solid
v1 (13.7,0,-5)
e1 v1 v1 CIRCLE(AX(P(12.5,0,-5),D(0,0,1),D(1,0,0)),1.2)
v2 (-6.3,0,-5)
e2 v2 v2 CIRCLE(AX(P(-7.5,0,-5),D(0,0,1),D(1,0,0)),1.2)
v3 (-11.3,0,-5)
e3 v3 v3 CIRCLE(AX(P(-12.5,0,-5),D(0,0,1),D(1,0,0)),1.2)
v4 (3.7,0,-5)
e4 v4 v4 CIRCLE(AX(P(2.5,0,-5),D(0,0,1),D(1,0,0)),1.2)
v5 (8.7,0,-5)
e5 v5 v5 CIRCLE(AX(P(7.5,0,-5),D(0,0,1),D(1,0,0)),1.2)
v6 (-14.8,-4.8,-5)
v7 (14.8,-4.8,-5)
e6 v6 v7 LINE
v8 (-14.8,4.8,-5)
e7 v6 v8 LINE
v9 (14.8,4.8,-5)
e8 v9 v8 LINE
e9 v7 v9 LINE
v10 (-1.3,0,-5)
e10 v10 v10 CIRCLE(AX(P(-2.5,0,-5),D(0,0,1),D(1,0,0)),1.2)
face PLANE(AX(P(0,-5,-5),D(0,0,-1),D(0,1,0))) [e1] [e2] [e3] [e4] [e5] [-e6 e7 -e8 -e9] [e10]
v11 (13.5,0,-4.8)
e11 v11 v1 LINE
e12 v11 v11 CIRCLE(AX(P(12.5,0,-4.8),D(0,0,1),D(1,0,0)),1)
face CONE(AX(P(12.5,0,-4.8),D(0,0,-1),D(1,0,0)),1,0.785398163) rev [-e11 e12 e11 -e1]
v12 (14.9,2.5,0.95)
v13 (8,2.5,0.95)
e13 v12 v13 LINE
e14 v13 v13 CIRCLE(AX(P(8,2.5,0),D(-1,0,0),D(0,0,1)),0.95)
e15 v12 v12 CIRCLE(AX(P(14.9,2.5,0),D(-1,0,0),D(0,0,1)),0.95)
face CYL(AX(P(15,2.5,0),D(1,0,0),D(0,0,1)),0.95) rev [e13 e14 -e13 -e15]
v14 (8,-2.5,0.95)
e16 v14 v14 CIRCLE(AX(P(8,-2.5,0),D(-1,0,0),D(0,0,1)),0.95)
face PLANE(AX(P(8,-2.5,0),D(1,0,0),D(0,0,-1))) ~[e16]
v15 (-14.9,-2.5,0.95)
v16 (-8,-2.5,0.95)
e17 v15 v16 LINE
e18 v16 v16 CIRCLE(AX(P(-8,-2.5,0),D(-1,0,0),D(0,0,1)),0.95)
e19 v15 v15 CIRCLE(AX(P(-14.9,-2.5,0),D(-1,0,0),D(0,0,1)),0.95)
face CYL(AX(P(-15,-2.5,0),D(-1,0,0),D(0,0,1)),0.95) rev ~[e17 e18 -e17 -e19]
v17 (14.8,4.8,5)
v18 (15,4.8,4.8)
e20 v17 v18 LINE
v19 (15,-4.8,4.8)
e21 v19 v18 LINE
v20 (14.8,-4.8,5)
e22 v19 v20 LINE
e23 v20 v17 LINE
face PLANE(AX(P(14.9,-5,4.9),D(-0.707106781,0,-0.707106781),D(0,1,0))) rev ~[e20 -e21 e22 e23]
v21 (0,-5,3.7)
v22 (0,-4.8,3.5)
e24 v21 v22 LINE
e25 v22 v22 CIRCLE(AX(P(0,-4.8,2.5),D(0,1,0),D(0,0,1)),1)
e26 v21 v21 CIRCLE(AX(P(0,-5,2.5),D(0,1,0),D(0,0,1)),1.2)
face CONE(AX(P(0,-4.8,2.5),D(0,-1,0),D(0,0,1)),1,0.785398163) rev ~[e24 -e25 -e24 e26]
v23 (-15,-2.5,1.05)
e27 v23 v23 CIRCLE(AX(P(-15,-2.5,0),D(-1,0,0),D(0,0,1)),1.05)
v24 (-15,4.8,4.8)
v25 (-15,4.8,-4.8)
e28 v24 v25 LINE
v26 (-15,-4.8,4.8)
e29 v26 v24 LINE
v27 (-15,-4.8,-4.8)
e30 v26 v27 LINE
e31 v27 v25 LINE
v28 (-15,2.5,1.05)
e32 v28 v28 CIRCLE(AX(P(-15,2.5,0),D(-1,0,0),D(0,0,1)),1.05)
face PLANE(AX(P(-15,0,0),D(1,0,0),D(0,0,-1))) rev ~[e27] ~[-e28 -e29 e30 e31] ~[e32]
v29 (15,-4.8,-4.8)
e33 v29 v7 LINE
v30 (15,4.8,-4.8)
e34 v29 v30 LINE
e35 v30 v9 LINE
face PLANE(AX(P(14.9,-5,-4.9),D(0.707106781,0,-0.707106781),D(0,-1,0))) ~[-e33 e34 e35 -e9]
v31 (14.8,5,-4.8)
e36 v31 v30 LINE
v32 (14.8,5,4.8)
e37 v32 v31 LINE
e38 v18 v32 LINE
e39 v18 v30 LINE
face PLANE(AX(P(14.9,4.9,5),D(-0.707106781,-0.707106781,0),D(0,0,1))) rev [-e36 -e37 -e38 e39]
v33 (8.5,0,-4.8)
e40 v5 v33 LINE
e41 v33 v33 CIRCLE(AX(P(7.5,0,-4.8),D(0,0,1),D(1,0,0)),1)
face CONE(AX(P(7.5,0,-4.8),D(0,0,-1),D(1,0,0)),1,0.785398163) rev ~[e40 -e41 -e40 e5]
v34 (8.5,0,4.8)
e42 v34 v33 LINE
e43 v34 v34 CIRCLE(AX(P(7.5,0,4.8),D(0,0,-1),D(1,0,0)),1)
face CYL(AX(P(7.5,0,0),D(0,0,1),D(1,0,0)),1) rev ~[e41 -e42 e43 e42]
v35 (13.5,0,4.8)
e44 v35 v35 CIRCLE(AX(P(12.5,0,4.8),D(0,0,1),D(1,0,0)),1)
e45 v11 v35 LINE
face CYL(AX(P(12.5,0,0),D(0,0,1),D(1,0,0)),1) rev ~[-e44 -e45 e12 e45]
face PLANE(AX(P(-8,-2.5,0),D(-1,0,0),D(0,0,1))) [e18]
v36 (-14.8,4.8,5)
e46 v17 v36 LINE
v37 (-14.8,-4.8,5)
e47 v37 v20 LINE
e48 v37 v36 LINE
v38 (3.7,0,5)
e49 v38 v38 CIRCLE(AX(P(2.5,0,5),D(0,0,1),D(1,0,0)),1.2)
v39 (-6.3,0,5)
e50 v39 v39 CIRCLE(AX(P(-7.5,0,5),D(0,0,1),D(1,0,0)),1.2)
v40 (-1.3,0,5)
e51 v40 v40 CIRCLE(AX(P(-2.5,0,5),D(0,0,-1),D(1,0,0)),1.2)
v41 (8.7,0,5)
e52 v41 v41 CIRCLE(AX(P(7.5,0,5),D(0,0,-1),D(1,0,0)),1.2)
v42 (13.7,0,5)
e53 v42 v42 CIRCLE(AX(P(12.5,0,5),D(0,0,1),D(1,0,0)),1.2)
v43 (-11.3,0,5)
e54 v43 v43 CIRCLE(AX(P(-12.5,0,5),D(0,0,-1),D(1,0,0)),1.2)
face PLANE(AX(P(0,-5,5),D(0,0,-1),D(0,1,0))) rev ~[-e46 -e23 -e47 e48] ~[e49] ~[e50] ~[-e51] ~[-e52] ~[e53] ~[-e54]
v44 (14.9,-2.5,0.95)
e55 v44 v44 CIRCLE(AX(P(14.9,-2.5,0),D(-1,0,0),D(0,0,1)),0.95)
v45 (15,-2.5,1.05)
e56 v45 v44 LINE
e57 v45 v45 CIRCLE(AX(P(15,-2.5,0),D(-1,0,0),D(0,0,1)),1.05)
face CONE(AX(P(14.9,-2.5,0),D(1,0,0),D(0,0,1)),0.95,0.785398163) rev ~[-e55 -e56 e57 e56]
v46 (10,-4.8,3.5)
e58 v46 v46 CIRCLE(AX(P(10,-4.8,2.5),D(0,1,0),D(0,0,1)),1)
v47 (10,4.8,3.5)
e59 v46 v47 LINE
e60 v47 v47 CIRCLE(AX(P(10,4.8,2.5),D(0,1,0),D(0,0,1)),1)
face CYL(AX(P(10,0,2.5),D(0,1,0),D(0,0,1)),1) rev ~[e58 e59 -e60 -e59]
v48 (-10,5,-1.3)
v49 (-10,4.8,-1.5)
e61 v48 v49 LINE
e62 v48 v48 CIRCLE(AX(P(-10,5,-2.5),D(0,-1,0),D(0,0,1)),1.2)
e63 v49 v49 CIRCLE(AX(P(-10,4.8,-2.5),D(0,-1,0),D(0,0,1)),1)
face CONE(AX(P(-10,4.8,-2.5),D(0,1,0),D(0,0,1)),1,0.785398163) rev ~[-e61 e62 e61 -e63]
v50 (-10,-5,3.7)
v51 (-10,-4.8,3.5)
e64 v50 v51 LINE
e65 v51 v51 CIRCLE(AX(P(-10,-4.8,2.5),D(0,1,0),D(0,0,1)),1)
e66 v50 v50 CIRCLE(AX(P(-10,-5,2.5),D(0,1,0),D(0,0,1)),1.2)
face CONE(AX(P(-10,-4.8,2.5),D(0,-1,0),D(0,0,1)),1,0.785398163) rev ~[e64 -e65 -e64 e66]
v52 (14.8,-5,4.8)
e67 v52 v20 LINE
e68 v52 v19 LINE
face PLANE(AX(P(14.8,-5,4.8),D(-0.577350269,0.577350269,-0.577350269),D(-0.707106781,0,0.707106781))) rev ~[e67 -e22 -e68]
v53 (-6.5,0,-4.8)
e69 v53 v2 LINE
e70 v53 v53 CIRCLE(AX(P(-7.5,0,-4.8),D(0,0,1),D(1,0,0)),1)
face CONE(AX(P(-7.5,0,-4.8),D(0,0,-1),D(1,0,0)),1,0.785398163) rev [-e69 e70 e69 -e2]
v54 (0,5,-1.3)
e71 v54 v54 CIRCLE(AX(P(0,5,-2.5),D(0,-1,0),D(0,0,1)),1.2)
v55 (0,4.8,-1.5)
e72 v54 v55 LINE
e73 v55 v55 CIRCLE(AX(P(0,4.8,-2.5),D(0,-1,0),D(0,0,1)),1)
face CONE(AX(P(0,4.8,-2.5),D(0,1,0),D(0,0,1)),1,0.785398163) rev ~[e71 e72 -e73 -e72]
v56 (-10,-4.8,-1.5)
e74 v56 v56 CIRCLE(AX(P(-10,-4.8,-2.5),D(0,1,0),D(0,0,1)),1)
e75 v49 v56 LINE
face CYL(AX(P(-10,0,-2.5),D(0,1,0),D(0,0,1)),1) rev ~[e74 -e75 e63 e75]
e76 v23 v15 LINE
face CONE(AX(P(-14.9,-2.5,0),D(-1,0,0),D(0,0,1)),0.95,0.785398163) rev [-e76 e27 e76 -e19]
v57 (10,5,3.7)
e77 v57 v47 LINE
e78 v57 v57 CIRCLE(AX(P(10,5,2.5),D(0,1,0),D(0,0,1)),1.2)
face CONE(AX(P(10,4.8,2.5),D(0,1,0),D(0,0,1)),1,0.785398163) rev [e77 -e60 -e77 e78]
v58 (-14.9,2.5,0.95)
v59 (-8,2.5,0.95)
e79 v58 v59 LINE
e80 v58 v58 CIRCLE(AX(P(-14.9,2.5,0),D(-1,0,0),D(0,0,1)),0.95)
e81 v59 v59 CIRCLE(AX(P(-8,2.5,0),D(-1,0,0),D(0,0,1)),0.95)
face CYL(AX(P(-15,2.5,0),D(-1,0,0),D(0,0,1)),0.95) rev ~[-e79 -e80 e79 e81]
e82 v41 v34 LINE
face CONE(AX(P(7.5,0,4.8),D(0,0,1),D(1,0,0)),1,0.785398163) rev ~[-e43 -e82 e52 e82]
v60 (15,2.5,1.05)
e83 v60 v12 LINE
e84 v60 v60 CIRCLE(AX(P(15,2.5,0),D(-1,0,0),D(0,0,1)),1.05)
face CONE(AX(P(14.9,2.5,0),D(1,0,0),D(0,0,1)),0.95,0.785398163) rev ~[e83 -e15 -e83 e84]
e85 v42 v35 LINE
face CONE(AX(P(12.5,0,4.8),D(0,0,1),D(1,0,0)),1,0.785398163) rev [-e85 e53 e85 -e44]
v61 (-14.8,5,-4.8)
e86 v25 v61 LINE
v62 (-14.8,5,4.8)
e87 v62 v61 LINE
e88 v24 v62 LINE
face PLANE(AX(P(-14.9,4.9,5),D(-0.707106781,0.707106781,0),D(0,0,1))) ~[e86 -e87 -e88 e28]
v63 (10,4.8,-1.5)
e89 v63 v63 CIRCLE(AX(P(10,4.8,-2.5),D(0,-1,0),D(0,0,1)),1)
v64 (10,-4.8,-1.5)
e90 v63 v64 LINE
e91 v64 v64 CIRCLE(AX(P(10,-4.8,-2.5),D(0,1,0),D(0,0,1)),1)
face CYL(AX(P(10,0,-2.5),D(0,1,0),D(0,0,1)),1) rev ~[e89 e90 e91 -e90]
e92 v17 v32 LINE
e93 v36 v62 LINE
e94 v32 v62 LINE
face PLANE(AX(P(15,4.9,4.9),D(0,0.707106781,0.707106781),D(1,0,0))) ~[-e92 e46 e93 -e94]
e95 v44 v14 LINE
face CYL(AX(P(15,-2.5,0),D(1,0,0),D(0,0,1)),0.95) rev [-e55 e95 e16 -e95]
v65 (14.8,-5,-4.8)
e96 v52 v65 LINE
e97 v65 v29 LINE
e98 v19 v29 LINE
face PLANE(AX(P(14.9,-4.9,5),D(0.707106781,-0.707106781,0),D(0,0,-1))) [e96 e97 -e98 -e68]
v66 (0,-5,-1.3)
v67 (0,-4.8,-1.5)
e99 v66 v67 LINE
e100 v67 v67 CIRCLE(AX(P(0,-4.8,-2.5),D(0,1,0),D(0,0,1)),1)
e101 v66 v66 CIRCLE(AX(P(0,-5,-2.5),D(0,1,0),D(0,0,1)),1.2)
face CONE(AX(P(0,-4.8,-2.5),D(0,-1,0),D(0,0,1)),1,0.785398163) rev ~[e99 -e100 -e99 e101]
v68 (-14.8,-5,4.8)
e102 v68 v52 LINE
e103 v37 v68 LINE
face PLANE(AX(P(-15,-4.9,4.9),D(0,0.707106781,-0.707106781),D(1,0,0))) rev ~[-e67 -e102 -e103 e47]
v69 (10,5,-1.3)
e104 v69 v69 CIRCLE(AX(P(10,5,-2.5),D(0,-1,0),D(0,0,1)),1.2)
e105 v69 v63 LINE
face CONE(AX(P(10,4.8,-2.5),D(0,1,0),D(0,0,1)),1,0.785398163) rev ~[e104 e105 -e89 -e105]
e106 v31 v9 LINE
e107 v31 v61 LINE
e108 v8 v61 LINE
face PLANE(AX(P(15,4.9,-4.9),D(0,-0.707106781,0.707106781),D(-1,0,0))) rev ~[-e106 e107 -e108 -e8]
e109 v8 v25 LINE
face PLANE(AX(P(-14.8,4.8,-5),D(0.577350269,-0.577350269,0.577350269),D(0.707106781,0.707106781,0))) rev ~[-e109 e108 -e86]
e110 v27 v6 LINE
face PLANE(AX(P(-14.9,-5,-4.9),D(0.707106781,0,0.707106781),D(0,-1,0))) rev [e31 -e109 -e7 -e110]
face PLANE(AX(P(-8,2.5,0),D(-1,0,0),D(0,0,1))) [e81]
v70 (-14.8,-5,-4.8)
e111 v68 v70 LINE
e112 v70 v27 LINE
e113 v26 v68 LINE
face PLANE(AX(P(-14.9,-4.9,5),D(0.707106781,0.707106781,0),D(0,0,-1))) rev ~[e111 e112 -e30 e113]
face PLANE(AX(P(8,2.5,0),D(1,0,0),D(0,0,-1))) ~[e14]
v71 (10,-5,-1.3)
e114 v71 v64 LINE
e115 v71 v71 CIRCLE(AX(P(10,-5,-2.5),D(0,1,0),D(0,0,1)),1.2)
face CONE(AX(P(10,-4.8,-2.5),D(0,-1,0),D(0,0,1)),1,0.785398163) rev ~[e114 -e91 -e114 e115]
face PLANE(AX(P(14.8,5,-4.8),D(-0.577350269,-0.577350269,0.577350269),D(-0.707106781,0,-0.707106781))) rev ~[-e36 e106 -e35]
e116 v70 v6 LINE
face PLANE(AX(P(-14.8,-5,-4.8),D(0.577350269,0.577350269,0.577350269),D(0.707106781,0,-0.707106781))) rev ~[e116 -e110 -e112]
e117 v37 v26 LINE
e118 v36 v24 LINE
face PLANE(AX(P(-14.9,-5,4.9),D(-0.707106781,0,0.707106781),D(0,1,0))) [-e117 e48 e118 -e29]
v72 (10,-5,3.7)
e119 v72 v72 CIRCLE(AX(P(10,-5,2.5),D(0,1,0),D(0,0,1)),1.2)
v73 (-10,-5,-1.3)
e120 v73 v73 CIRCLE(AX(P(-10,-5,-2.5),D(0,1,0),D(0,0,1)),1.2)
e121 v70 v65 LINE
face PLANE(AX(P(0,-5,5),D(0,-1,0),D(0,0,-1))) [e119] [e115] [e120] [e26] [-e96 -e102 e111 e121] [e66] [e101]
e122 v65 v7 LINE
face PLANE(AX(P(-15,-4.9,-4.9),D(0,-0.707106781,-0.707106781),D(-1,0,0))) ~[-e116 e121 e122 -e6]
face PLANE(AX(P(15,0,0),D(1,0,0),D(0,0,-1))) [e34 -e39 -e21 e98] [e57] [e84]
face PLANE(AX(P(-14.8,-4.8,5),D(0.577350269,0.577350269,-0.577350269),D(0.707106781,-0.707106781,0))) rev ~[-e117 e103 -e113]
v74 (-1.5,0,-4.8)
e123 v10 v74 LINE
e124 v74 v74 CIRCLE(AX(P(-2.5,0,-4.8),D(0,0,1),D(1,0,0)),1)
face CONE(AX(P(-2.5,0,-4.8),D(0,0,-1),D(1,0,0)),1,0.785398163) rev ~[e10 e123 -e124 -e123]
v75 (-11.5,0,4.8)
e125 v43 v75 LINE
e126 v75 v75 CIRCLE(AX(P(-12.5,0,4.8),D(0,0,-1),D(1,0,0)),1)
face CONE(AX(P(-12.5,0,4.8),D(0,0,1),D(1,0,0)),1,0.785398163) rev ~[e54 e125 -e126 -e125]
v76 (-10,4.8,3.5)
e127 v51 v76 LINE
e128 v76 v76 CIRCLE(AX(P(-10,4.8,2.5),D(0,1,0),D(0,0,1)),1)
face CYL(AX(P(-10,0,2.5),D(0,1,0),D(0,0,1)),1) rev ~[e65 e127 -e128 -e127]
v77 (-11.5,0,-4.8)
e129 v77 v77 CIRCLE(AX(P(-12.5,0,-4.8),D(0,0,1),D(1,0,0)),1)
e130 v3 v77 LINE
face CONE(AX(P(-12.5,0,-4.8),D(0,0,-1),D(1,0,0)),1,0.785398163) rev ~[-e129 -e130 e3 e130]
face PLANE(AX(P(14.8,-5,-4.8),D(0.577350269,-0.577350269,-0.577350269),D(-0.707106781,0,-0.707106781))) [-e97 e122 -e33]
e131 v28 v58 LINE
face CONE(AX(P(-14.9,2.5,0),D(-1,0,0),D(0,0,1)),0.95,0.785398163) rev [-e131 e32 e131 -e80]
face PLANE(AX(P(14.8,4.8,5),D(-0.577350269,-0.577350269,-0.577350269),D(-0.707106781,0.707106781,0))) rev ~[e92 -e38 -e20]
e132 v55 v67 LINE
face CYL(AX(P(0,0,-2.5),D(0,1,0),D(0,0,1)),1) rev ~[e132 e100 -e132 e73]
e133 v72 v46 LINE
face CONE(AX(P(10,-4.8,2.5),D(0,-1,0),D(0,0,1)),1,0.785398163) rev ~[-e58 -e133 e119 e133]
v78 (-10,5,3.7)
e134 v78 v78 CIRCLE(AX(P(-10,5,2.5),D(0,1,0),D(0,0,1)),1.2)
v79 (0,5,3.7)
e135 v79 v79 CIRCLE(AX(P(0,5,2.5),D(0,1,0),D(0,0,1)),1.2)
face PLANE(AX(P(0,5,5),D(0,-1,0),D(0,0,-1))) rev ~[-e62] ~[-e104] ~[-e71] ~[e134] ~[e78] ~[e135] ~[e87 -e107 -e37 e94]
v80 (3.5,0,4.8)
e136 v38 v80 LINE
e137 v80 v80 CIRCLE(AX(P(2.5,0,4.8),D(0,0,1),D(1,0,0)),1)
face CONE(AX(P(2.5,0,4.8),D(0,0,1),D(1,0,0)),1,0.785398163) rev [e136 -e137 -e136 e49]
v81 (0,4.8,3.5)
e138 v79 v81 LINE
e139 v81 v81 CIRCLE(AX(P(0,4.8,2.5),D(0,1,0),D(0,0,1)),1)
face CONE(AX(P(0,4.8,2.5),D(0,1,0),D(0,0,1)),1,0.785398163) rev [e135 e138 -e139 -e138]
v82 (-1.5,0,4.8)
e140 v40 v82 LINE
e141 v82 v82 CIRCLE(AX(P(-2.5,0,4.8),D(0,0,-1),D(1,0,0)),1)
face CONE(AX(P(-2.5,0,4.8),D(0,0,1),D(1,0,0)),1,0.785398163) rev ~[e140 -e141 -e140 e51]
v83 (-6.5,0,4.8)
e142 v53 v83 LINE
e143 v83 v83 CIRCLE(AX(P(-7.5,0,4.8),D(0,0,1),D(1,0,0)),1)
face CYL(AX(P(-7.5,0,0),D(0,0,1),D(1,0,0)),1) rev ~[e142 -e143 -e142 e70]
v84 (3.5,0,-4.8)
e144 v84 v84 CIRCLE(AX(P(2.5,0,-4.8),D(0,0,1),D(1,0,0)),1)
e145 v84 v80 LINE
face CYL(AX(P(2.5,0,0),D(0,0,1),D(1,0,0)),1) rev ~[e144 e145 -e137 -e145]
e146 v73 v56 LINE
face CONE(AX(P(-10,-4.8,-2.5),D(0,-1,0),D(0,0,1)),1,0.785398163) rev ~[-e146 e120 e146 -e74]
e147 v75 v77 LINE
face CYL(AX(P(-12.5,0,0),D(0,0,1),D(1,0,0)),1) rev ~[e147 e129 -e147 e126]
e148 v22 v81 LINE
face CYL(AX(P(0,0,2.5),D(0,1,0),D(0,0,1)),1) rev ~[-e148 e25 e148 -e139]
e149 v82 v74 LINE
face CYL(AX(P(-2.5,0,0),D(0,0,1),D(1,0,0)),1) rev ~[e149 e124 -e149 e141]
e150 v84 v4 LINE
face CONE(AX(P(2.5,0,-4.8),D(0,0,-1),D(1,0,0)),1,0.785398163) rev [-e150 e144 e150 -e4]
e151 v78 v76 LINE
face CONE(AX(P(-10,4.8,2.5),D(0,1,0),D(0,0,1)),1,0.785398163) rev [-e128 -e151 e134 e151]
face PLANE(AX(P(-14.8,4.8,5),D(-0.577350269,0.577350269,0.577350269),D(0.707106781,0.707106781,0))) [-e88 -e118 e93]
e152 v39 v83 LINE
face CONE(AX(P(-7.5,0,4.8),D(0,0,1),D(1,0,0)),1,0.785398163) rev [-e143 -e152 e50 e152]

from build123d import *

# Parameters (mm, degrees)
SKETCH1_W                  = 10
SKETCH1_H                  = 10
BOSS_EXTRUDE1_DEPTH        = 15
SKETCH2_R                  = 1
CUT_EXTRUDE1_DEPTH         = 6
SKETCH3_R                  = 1
CUT_EXTRUDE2_DEPTH         = 6
CHAMFER1_SIZE              = 0.2
LPATTERN2_COUNT            = 3
LPATTERN2_PITCH            = 10
CHAMFER1_OF_LPATTERN2_SIZE = 0.2
SKETCH4_R                  = 0.95
CUT_EXTRUDE3_DEPTH         = 7
CHAMFER2_SIZE              = 0.2
CHAMFER3_SIZE              = 0.1


with BuildPart() as part:
    # Sketch1 → Boss-Extrude1 (new body, symmetric)
    with BuildSketch(Plane(origin=(0, 0, 0), x_dir=(0, 0, -1), z_dir=(1, 0, 0))):
        Rectangle(SKETCH1_W, SKETCH1_H)
    extrude(amount=BOSS_EXTRUDE1_DEPTH, both=True)

    # Sketch2 → Cut-Extrude1 (cut, symmetric)
    with BuildSketch(Plane.XY):
        with Locations((-12.5, 0)):
            Circle(SKETCH2_R)
        with Locations((-7.5, 0)):
            Circle(SKETCH2_R)
    cut_extrude1 = extrude(amount=CUT_EXTRUDE1_DEPTH, both=True, mode=Mode.SUBTRACT)

    # Sketch3 → Cut-Extrude2 (cut, symmetric)
    with BuildSketch(Plane(origin=(0, 0, 0), x_dir=(1, 0, 0), z_dir=(0, 1, 0))):
        with Locations(Location((-10, 2.5, 0), (0, 0, 270))):  # turned: the seam where the file's is
            Circle(SKETCH3_R)
        with Locations(Location((-10, -2.5, 0), (0, 0, 270))):  # turned: the seam where the file's is
            Circle(SKETCH3_R)
    cut_extrude2 = extrude(amount=CUT_EXTRUDE2_DEPTH, both=True, mode=Mode.SUBTRACT)

    # Chamfer1
    chamfer1_edges = [part.edges().sort_by_distance(p)[0] for p in [
        (-13.5, 0, -5),
        (-13.5, 0, 5),
        (-8.5, 0, -5),
        (-8.5, 0, 5),
        (-10, -5, -3.5),
        (-10, 5, -3.5),
        (-10, -5, 1.5),
        (-10, 5, 1.5),
    ]]
    chamfer(chamfer1_edges, length=CHAMFER1_SIZE)

    # LPattern2: Cut-Extrude1, Cut-Extrude2 ×3
    with Locations(*[(i * LPATTERN2_PITCH, 0, 0) for i in range(1, LPATTERN2_COUNT)]):
        add(cut_extrude1, mode=Mode.SUBTRACT)
        add(cut_extrude2, mode=Mode.SUBTRACT)

    # Chamfer1 of LPattern2
    chamfer1_of_lpattern2_edges = [part.edges().sort_by_distance(p)[0] for p in [
        (-3.5, 0, -5),
        (-3.5, 0, 5),
        (1.5, 0, -5),
        (1.5, 0, 5),
        (0, -5, -3.5),
        (0, 5, -3.5),
        (0, -5, 1.5),
        (0, 5, 1.5),
        (6.5, 0, -5),
        (6.5, 0, 5),
        (11.5, 0, -5),
        (11.5, 0, 5),
        (10, -5, -3.5),
        (10, 5, -3.5),
        (10, -5, 1.5),
        (10, 5, 1.5),
    ]]
    chamfer(chamfer1_of_lpattern2_edges, length=CHAMFER1_OF_LPATTERN2_SIZE)

    # Sketch4 → Cut-Extrude3 (cut)
    with BuildSketch(Plane.ZY.offset(15)):
        with Locations((0, 2.5)):
            Circle(SKETCH4_R)
        with Locations((0, -2.5)):
            Circle(SKETCH4_R)
    cut_extrude3 = extrude(amount=-CUT_EXTRUDE3_DEPTH, mode=Mode.SUBTRACT)

    # Mirror1: Cut-Extrude3 across plane
    add(cut_extrude3.mirror(Plane(origin=(0, 0, 0), x_dir=(0, 0, 1), z_dir=(1, 0, 0))), mode=Mode.SUBTRACT)

    # Chamfer2
    chamfer2_edges = [part.edges().sort_by_distance(p)[0] for p in [
        (15, 0, -5),
        (15, 5, 0),
        (15, 0, 5),
        (-15, 5, 0),
        (-15, 0, -5),
        (-15, -5, 0),
        (-15, 0, 5),
        (15, -5, 0),
        (0, 5, 5),
        (0, 5, -5),
        (0, -5, -5),
        (0, -5, 5),
    ]]
    chamfer(chamfer2_edges, length=CHAMFER2_SIZE)

    # Chamfer3
    chamfer3_edges = [part.edges().sort_by_distance(p)[0] for p in [
        (-15, 2.5, -0.95),
        (-15, -2.5, -0.95),
        (15, 2.5, -0.95),
        (15, -2.5, -0.95),
    ]]
    chamfer(chamfer3_edges, length=CHAMFER3_SIZE)


solid = part.part
